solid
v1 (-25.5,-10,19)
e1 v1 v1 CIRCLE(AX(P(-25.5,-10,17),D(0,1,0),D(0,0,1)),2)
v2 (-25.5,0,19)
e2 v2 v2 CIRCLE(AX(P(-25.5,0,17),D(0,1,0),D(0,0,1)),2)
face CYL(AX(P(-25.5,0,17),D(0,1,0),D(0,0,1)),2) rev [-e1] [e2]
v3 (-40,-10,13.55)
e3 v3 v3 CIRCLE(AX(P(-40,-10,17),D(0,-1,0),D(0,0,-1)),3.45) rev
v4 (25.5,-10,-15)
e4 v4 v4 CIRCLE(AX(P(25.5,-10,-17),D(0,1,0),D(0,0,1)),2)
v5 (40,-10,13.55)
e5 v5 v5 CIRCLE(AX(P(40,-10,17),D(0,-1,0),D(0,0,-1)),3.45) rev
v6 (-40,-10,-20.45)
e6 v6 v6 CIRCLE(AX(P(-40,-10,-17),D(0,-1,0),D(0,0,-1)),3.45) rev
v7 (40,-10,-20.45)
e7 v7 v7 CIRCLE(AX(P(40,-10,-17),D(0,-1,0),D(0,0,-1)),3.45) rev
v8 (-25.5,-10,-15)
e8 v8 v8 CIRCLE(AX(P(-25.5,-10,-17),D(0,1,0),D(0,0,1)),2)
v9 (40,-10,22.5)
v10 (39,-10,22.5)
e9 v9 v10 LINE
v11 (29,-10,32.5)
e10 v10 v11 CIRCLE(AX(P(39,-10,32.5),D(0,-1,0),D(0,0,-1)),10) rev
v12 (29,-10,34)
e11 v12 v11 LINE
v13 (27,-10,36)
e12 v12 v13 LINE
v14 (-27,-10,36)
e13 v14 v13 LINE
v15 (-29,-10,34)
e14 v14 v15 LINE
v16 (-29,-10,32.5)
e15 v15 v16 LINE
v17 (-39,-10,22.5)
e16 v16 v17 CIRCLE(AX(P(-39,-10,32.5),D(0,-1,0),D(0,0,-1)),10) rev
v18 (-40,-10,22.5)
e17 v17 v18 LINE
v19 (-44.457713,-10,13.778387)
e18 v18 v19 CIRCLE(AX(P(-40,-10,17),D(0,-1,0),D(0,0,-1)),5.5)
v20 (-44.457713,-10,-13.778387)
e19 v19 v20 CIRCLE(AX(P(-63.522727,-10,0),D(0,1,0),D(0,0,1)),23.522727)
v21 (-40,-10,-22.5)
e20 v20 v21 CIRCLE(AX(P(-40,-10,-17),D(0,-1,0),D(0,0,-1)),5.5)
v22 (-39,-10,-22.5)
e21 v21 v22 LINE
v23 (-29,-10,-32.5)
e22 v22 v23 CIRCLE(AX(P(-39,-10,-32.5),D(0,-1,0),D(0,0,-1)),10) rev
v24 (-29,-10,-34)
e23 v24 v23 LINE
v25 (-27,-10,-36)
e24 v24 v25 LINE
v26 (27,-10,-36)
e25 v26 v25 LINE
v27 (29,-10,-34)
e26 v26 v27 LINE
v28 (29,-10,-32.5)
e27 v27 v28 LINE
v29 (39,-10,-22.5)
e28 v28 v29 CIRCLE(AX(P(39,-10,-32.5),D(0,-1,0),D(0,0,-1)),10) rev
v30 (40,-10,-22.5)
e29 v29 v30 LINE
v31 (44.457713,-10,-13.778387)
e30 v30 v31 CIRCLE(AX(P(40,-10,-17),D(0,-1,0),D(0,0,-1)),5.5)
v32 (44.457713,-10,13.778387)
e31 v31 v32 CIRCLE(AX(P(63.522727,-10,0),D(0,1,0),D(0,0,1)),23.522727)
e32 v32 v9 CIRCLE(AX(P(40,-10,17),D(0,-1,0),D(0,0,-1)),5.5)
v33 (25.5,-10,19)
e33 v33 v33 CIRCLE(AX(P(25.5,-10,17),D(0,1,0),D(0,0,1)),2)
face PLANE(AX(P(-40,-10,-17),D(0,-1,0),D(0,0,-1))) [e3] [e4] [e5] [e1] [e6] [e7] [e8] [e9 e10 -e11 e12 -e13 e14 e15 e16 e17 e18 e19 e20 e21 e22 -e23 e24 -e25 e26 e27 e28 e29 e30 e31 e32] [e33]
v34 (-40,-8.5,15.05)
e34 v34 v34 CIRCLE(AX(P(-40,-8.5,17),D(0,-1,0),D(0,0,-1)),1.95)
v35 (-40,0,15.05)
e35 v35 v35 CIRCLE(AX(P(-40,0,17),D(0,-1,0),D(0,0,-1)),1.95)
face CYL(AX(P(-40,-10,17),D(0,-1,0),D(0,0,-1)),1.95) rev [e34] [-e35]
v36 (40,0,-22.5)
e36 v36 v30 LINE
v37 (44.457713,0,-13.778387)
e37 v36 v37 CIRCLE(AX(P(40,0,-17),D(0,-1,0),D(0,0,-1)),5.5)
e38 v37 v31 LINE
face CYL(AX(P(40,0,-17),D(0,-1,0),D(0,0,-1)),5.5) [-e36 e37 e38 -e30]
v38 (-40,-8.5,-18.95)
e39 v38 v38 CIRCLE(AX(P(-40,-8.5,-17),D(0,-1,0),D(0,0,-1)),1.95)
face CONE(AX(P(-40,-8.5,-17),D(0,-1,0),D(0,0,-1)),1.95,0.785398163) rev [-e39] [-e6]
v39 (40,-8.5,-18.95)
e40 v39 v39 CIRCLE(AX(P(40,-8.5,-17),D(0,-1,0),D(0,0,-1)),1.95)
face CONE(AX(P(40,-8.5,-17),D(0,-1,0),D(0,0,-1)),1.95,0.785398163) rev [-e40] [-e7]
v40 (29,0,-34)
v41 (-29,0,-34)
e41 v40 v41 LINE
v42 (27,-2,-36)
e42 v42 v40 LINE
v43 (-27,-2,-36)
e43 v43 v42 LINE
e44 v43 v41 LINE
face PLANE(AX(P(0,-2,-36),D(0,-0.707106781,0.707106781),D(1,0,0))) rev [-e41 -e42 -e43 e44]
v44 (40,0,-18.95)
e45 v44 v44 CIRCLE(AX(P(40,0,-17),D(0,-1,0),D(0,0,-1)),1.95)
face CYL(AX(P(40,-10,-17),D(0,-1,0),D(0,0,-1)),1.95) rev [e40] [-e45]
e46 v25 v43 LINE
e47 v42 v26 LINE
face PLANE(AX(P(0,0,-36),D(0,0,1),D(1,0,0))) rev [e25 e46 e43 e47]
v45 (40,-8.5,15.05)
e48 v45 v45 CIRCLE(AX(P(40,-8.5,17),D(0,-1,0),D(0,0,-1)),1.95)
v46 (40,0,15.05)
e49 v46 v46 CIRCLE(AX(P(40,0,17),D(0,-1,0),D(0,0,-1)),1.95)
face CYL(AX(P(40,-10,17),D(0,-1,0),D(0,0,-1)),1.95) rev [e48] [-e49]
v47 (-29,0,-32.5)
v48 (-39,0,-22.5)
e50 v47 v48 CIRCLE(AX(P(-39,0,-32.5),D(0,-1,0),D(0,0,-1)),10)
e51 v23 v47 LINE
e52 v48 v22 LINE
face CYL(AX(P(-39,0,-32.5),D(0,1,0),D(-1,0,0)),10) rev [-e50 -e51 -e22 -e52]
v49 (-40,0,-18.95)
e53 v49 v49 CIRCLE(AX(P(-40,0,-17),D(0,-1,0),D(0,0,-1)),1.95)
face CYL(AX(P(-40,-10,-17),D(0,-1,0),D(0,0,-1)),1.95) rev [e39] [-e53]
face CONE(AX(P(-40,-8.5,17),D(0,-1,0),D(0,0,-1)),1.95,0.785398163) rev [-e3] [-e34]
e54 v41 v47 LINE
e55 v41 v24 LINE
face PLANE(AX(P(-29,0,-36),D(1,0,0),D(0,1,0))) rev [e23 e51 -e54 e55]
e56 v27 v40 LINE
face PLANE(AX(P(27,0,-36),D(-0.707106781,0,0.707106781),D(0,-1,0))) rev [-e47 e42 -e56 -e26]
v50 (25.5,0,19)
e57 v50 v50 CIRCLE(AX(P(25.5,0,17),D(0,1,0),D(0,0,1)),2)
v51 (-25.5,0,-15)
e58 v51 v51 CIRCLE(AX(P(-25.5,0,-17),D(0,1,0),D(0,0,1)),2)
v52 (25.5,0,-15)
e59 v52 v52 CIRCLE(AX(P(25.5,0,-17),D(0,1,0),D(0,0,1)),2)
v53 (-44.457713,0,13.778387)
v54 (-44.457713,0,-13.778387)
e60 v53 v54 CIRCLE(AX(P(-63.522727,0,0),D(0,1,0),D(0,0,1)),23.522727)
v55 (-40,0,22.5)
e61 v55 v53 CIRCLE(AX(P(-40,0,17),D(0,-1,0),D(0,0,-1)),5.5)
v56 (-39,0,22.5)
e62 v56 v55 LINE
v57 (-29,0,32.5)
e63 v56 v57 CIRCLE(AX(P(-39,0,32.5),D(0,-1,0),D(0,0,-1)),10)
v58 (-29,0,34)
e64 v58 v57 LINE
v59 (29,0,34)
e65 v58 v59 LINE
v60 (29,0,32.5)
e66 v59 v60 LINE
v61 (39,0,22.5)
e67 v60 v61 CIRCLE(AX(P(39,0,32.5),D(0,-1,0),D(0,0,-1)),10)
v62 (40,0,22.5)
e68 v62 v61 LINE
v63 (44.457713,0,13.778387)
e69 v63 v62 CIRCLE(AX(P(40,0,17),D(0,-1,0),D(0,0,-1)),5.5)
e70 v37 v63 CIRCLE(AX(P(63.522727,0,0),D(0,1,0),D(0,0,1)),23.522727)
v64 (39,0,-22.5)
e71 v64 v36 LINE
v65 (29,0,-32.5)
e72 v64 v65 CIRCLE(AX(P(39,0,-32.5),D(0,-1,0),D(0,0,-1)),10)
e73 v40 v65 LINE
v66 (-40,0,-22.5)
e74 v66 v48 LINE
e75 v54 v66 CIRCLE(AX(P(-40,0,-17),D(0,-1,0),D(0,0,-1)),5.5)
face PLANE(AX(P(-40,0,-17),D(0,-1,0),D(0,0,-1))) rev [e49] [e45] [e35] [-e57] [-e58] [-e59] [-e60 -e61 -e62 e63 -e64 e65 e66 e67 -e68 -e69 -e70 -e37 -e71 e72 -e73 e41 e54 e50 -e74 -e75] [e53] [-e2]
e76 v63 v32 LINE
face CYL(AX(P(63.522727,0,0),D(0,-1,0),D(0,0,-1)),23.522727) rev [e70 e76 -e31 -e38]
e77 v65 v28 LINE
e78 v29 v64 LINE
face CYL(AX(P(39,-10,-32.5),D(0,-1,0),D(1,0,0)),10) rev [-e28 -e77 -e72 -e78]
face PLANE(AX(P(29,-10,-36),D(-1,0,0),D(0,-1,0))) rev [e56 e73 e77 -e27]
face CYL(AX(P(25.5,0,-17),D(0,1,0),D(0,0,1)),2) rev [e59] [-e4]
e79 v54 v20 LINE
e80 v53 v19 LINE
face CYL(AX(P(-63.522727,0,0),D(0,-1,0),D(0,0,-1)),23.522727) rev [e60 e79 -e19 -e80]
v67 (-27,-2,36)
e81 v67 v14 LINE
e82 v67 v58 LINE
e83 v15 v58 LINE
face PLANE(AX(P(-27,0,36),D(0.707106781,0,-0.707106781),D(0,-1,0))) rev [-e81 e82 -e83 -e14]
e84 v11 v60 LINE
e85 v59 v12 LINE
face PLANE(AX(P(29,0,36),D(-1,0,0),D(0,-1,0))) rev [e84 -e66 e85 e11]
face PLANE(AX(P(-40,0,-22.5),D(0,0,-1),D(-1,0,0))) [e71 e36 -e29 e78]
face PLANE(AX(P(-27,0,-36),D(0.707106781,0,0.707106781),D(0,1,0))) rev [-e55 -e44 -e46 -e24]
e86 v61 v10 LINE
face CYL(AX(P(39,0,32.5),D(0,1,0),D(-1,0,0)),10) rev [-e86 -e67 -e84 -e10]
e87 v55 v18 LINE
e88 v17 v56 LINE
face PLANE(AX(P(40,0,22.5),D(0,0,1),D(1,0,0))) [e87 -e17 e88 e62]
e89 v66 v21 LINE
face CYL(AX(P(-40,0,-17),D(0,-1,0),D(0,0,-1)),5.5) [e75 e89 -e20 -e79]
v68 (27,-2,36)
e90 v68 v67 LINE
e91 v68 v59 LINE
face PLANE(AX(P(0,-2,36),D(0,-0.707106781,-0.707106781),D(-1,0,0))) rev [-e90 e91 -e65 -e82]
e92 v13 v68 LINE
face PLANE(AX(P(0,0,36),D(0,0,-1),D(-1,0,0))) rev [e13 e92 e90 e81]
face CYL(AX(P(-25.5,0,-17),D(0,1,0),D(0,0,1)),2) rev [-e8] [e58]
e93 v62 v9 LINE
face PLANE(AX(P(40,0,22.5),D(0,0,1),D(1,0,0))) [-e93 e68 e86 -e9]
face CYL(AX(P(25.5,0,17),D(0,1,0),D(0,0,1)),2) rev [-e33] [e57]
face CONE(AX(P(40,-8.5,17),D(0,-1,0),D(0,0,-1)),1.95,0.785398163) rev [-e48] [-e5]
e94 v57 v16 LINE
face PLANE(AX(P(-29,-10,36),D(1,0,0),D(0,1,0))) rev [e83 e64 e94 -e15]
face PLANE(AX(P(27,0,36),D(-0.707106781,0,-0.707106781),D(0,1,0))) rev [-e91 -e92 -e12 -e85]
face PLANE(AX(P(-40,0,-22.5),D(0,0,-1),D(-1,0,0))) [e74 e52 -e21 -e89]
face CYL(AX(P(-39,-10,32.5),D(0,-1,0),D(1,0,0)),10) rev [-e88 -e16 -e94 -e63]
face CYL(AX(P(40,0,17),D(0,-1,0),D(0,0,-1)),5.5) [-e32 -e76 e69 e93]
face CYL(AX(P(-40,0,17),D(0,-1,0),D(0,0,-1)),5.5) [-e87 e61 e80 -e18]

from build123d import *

# Parameters (mm, degrees)
BOSS_EXTRUDE1_DEPTH        = 10
SKETCH2_W                  = 58
SKETCH2_H                  = 10
BOSS_EXTRUDE2_DEPTH        = 13.5
SKETCH3_W                  = 58
SKETCH3_H                  = 10
BOSS_EXTRUDE3_DEPTH        = 13.5
F_4_0_4_DIAMETER_HOLE1_D   = 4
F_3_9_3_9_DIAMETER_HOLE1_D = 3.9
CHAMFER1_SIZE              = 1.5
CHAMFER2_SIZE              = 2
FILLET1_R                  = 10


with BuildPart() as part:
    # Sketch1 → Boss-Extrude1 (new body)
    with BuildSketch(Plane.XZ.offset(10)):
        with BuildLine():
            Line((-40, -22.5), (40, -22.5))
            ThreePointArc((40, -22.5), (44.897390752, -19.503110829), (44.457713391, -13.778386844))
            ThreePointArc((44.457713391, -13.778386844), (40, 0), (44.457713391, 13.778386844))
            ThreePointArc((44.457713391, 13.778386844), (44.897390752, 19.503110829), (40, 22.5))
            Line((40, 22.5), (-40, 22.5))
            ThreePointArc((-40, 22.5), (-44.897390752, 19.503110829), (-44.457713391, 13.778386844))
            ThreePointArc((-44.457713391, 13.778386844), (-40, 0), (-44.457713391, -13.778386844))
            ThreePointArc((-44.457713391, -13.778386844), (-44.897390752, -19.503110829), (-40, -22.5))
        make_face()
    extrude(amount=-BOSS_EXTRUDE1_DEPTH)

    # Sketch2 → Boss-Extrude2 (add)
    with BuildSketch(Plane(origin=(0, 0, -22.5), x_dir=(-1, 0, 0), z_dir=(0, 0, -1))):
        with Locations((0, -5)):
            Rectangle(SKETCH2_W, SKETCH2_H)
    extrude(amount=BOSS_EXTRUDE2_DEPTH)

    # Sketch3 → Boss-Extrude3 (add)
    with BuildSketch(Plane.XY.offset(22.5)):
        with Locations((0, -5)):
            Rectangle(SKETCH3_W, SKETCH3_H)
    extrude(amount=BOSS_EXTRUDE3_DEPTH)

    # Ø4.0 (4) Diameter Hole1 (through all)
    with Locations(Plane(origin=(0, 0, 0), x_dir=(1, 0, 0), z_dir=(0, 1, 0))):
        with Locations((-25.5, -17), (-25.5, 17), (25.5, 17), (25.5, -17)):
            Hole(F_4_0_4_DIAMETER_HOLE1_D / 2)

    # Ø3.9 (3.9) Diameter Hole1 (through all)
    with Locations(Plane(origin=(0, -10, 0), x_dir=(-1, 0, 0), z_dir=(0, -1, 0))):
        with Locations((40, 17), (-40, 17), (-40, -17), (40, -17)):
            Hole(F_3_9_3_9_DIAMETER_HOLE1_D / 2)

    # Chamfer1
    chamfer1_edges = [part.edges().sort_by_distance(p)[0] for p in [
        (-41.95, -10, 17),
        (38.05, -10, 17),
        (38.05, -10, -17),
        (-41.95, -10, -17),
    ]]
    chamfer(chamfer1_edges, length=CHAMFER1_SIZE)

    # Chamfer2
    chamfer2_edges = [part.edges().sort_by_distance(p)[0] for p in [
        (-29, -5, -36),
        (0, 0, -36),
        (29, -5, -36),
        (29, -5, 36),
        (0, 0, 36),
        (-29, -5, 36),
    ]]
    chamfer(chamfer2_edges, length=CHAMFER2_SIZE)

    # Fillet1
    fillet1_edges = [part.edges().sort_by_distance(p)[0] for p in [
        (-29, -5, -22.5),
        (29, -5, -22.5),
        (29, -5, 22.5),
        (-29, -5, 22.5),
    ]]
    fillet(fillet1_edges, radius=FILLET1_R)


solid = part.part
